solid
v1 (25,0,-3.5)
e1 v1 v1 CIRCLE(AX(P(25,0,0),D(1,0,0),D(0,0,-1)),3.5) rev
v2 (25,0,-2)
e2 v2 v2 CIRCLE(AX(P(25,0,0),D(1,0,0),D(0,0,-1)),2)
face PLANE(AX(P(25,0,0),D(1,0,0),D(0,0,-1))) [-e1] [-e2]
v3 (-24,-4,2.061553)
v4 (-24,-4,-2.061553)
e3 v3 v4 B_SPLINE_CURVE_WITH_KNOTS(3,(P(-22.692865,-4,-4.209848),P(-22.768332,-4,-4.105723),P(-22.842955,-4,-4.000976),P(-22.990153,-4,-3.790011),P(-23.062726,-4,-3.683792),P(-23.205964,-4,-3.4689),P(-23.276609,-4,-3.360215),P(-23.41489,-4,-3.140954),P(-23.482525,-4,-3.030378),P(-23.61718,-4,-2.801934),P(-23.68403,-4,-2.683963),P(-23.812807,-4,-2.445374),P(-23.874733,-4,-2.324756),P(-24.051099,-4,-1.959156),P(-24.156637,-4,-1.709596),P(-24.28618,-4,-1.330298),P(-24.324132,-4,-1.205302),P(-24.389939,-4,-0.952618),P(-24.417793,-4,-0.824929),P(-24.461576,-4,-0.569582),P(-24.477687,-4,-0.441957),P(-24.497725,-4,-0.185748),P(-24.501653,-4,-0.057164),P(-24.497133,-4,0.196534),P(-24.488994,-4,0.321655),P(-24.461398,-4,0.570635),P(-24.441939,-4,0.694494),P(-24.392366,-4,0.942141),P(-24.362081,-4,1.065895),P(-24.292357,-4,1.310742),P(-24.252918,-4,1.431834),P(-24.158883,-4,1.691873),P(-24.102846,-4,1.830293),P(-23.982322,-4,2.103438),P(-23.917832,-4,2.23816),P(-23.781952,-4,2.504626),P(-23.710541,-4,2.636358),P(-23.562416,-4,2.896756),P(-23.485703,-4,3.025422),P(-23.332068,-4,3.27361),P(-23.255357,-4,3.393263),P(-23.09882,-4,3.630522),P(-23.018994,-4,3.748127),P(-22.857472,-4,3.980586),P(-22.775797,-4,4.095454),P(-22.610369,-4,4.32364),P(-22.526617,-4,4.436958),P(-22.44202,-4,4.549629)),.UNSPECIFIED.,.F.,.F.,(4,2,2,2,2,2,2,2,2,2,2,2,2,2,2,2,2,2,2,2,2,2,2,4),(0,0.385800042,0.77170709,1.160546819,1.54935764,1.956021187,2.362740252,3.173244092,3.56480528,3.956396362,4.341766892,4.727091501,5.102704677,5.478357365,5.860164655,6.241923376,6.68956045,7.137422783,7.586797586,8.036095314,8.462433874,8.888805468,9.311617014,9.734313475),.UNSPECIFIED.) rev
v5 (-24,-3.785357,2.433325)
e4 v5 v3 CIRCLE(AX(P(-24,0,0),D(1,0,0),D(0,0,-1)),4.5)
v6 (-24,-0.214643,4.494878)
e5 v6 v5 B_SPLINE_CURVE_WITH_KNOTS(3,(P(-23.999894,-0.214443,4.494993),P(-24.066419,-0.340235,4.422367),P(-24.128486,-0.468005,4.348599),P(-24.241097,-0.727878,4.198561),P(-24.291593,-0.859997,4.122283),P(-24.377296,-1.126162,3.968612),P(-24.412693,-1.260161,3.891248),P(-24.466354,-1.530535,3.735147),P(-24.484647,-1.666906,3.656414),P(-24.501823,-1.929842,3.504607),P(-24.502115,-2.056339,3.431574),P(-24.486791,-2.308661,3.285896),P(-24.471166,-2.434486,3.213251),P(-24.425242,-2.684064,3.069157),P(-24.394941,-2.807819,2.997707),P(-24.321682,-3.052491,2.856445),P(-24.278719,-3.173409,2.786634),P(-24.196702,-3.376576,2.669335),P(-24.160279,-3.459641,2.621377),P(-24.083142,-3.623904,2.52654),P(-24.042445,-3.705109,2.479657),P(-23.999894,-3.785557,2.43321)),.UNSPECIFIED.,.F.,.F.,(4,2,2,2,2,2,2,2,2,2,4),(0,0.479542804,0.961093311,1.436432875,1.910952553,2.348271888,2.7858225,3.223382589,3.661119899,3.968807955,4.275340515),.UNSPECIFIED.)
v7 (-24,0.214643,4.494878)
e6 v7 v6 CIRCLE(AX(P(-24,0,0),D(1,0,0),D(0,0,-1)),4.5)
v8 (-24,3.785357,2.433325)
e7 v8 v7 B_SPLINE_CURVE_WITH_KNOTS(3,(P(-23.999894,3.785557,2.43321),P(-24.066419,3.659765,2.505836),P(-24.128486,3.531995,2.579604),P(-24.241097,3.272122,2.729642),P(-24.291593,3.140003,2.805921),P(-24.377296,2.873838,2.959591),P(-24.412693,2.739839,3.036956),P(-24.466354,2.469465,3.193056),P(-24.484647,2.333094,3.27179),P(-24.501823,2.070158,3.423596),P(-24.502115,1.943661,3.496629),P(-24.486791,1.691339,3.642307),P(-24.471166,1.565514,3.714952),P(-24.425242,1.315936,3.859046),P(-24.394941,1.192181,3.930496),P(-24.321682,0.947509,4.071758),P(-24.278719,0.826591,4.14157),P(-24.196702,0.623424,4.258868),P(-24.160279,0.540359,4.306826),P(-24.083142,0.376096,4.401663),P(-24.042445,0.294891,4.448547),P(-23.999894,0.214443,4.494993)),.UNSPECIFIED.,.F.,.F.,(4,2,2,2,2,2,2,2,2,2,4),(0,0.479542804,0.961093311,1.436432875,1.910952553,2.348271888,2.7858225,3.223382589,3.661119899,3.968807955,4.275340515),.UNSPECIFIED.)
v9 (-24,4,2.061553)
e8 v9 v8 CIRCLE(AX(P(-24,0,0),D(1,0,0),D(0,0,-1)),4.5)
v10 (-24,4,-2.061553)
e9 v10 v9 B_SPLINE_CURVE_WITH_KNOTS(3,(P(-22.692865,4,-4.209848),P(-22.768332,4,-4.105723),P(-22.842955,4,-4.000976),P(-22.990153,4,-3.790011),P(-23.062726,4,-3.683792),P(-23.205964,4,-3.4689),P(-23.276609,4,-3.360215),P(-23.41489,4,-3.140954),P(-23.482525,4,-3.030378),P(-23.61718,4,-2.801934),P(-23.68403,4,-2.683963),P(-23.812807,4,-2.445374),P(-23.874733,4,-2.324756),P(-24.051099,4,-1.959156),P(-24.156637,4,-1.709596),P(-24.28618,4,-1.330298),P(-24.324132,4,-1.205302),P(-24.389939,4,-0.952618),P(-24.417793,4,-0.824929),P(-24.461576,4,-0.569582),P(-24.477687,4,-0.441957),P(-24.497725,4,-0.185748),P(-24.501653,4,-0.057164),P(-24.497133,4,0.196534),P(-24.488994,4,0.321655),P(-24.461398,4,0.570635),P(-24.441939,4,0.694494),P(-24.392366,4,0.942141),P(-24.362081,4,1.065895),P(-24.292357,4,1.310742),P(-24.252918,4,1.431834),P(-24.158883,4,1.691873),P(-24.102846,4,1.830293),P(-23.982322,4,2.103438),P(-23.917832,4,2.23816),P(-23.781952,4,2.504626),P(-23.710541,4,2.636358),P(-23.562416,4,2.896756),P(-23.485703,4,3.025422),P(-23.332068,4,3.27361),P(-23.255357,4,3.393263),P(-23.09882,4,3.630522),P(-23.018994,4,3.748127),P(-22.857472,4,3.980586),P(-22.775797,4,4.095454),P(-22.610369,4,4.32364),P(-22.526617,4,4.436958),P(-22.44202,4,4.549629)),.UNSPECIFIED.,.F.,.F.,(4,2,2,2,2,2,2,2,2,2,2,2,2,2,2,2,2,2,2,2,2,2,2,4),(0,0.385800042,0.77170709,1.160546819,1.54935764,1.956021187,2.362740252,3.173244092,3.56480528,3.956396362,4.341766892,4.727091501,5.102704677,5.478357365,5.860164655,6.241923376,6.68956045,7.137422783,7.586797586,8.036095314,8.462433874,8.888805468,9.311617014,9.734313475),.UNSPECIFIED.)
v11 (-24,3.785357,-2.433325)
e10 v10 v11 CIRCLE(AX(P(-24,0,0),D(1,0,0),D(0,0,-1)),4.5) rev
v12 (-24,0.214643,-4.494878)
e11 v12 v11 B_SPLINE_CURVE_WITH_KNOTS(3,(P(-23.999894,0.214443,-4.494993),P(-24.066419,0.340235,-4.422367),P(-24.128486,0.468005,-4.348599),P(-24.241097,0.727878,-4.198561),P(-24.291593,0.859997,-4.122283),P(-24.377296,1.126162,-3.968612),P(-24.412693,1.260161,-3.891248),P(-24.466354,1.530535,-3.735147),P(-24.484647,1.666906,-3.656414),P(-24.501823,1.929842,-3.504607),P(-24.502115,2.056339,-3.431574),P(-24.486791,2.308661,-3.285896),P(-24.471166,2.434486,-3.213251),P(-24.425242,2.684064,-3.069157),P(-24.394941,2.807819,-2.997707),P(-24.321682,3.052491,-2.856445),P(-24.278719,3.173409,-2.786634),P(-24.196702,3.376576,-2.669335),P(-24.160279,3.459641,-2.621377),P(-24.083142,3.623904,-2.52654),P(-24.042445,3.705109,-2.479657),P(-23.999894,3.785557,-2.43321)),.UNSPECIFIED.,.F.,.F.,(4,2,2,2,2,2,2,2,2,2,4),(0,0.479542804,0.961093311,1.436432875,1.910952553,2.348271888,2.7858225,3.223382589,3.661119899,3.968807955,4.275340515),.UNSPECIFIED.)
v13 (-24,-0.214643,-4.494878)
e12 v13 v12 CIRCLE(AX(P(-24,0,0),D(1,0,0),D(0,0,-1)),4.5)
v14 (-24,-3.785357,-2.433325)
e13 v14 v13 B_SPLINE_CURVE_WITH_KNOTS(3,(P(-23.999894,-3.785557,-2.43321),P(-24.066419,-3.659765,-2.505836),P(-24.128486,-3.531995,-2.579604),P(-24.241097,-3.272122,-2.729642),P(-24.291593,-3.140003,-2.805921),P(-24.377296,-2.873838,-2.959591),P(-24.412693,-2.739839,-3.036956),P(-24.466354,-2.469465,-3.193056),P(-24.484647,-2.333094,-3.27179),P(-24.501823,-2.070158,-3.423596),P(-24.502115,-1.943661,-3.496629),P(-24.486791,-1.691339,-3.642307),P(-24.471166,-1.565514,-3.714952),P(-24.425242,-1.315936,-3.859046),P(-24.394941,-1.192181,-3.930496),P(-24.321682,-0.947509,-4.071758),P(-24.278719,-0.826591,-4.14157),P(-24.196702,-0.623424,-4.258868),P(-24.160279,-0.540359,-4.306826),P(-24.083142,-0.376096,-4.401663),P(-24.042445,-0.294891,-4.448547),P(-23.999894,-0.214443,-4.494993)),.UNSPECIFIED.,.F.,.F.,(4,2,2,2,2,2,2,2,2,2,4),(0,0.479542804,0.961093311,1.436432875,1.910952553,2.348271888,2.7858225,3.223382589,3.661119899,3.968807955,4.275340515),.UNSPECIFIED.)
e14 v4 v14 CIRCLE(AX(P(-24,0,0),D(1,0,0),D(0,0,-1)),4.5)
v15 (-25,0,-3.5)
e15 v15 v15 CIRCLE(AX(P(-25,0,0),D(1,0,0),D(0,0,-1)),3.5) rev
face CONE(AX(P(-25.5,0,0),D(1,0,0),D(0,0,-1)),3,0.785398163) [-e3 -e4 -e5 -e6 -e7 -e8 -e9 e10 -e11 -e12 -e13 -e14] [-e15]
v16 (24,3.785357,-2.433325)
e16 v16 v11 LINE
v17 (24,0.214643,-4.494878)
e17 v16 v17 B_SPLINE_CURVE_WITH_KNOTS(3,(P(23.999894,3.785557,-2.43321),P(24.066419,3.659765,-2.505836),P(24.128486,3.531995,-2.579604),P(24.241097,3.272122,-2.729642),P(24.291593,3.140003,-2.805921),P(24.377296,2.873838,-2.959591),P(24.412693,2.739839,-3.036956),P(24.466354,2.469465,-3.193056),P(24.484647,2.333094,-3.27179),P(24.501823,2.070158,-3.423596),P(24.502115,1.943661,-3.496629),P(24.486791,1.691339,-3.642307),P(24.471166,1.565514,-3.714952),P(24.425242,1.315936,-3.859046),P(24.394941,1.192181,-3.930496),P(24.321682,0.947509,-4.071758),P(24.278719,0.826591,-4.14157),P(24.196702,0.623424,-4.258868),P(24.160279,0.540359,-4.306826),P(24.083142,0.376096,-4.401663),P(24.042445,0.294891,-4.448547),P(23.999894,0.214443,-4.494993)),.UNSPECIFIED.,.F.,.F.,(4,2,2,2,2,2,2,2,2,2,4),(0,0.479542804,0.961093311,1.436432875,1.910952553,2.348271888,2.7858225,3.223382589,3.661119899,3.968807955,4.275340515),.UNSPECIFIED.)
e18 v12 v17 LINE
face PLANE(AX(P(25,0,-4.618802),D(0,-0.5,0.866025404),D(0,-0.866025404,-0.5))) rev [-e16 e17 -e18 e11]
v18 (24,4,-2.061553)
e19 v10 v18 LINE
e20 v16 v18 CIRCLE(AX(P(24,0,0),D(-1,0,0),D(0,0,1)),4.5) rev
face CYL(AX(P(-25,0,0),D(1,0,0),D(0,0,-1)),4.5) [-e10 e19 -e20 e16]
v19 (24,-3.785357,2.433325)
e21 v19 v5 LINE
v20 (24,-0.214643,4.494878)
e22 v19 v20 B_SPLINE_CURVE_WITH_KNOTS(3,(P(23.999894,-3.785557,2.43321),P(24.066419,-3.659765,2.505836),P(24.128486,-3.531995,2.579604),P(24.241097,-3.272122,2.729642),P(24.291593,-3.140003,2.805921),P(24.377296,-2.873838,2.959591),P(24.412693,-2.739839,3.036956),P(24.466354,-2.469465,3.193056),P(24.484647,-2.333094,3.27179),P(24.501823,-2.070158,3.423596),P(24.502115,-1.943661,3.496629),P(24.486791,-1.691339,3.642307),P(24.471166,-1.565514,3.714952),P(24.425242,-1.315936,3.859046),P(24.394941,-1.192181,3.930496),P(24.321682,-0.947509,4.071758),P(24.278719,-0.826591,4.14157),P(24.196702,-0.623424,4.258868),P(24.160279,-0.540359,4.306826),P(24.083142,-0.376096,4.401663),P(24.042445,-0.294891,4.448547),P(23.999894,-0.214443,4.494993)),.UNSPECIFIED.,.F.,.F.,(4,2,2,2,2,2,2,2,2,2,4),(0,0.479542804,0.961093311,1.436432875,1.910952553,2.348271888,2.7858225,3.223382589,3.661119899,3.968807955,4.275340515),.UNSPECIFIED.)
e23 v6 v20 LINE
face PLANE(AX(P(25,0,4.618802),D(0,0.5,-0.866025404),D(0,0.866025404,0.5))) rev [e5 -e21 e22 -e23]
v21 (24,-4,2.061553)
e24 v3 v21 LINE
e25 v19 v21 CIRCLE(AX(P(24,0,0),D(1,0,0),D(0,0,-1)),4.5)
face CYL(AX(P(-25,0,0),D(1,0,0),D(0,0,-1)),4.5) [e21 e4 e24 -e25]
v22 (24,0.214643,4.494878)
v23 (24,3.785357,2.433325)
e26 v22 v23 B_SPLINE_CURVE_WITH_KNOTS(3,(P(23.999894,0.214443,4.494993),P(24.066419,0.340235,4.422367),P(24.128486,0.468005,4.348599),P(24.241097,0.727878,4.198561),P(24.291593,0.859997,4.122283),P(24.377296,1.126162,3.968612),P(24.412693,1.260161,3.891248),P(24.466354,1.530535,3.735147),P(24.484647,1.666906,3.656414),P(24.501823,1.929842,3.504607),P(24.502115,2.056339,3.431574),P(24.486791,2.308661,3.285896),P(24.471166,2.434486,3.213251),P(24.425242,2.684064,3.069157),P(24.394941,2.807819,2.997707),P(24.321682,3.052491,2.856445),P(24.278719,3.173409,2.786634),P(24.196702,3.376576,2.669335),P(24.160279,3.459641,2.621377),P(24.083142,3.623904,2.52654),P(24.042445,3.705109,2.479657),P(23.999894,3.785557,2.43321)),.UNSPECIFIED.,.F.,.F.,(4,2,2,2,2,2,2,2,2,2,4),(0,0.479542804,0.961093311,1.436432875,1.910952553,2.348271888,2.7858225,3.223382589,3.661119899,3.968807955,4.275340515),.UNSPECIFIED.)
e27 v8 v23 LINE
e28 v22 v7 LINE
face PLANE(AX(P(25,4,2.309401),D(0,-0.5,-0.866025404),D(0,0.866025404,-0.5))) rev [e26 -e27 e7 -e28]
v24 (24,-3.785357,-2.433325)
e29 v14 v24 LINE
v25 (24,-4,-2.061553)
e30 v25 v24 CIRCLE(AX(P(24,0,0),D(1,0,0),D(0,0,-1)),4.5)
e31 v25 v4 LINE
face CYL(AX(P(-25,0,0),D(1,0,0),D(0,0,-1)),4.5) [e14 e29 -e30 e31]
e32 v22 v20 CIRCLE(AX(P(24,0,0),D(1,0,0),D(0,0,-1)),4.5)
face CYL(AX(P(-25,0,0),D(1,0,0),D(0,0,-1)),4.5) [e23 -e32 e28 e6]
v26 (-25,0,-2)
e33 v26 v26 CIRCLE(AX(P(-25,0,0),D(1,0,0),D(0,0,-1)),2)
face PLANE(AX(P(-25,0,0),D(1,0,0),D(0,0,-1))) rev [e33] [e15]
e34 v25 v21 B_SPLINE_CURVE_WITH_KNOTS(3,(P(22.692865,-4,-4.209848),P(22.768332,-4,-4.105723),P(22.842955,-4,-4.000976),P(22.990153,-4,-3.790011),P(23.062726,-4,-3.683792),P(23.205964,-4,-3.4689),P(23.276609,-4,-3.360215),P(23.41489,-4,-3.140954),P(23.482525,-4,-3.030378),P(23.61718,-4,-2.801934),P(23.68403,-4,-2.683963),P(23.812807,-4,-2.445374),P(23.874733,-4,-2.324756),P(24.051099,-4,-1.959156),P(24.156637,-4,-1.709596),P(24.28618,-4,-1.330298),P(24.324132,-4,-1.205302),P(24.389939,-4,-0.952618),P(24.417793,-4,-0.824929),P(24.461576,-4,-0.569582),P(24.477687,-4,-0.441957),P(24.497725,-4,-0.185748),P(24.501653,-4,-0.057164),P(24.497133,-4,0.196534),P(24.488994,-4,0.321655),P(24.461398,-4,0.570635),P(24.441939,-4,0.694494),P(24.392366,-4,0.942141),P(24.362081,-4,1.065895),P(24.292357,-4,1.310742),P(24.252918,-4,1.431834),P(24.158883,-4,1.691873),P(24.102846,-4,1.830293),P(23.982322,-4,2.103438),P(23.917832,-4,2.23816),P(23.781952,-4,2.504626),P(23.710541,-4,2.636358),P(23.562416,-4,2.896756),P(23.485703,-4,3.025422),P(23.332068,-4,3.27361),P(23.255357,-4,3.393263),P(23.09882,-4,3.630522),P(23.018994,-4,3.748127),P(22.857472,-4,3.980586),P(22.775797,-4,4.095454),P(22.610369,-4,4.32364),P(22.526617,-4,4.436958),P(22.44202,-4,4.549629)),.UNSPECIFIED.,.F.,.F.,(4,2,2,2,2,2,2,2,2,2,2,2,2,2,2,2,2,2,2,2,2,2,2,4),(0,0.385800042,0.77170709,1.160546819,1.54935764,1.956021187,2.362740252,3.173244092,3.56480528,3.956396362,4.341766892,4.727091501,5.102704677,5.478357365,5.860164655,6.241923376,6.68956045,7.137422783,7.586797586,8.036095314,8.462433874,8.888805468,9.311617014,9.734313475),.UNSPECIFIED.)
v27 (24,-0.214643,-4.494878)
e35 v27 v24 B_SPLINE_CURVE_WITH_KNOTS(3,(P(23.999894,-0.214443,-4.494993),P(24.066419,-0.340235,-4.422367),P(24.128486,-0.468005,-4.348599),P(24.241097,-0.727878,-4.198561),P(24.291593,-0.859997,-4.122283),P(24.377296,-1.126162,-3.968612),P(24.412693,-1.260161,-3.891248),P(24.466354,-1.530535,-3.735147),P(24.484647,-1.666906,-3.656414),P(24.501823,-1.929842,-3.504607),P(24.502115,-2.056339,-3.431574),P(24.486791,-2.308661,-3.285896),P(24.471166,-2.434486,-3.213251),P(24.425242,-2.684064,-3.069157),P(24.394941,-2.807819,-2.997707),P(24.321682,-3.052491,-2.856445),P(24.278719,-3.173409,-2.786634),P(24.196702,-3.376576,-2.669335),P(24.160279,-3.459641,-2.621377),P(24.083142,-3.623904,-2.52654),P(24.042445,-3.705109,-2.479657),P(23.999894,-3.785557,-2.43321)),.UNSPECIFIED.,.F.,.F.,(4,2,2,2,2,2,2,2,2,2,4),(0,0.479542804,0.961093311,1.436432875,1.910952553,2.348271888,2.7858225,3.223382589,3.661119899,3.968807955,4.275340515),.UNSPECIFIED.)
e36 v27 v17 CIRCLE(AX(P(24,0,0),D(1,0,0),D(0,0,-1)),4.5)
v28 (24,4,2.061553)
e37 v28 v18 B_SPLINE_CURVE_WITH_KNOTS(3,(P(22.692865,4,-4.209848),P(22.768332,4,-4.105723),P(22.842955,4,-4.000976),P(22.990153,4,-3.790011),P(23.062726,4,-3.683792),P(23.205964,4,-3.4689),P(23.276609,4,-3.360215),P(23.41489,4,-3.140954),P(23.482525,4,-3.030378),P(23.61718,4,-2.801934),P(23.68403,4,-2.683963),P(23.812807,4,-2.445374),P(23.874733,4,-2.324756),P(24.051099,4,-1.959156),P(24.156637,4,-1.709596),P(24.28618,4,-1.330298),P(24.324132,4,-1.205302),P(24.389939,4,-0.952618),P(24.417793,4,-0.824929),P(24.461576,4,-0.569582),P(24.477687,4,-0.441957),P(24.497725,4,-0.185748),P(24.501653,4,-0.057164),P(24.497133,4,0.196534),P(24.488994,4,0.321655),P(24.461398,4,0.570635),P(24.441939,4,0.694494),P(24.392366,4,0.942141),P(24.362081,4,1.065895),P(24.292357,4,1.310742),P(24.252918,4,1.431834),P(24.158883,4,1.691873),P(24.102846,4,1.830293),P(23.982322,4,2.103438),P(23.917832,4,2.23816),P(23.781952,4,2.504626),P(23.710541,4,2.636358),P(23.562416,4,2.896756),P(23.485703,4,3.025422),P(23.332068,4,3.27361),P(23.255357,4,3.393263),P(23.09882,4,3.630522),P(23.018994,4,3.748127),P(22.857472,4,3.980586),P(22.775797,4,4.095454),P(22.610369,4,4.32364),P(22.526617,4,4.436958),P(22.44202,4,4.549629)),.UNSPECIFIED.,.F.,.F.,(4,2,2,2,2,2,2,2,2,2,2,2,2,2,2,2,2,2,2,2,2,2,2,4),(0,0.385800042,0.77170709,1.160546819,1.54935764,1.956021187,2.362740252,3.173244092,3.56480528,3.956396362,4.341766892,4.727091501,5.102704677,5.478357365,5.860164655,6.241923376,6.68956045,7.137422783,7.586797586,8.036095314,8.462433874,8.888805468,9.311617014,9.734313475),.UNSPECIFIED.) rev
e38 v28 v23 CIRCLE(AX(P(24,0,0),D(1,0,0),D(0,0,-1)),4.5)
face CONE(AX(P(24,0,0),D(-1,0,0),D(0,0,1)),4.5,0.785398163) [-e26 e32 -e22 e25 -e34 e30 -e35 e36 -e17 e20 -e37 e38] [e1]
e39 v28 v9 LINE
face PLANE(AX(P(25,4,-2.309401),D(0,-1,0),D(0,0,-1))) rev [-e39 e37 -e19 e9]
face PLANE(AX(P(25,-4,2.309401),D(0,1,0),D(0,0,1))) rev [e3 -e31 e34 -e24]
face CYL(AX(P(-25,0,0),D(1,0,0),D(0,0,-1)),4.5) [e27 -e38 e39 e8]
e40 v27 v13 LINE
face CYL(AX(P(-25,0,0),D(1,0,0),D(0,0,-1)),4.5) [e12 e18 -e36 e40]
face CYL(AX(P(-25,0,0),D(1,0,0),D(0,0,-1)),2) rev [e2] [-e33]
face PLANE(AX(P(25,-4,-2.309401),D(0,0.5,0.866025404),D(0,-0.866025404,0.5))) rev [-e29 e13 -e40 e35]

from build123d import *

# Parameters (mm, degrees)
EXTRUDE_310_DEPTH          = 25
CUT_EXTRUDE_411_DEPTH      = 26.735837529
CUT_EXTRUDE_411_DEPTH_BACK = 26.735837529
SKETCH_8_R                 = 5.5
SKETCH_8_R_2               = 4.5
CUT_EXTRUDE_596_DEPTH      = 26.714781741
CUT_EXTRUDE_596_DEPTH_BACK = 26.714781741
SKETCH_9_R                 = 2


with BuildPart() as part:
    # 草图1 → Extrude 310 (new, symmetric)
    with BuildSketch(Plane(origin=(0, 0, 0), x_dir=(0, 0, -1), z_dir=(1, 0, 0))):
        Polygon((4.618802154, 0), (2.309401077, 4), (-2.309401077, 4), (-4.618802154, 0), (-2.309401077, -4), (2.309401077, -4), align=None)
    extrude(amount=EXTRUDE_310_DEPTH, both=True)

    # 草图8 → Cut-Extrude 411 (cut, two sides: drawn at the far end of the back side and taken through both)
    with BuildSketch(Plane(origin=(0, 0, 0), x_dir=(0, 0, -1), z_dir=(1, 0, 0)).offset(-CUT_EXTRUDE_411_DEPTH_BACK)):
        Circle(SKETCH_8_R)
        Circle(SKETCH_8_R_2, mode=Mode.SUBTRACT)
    extrude(amount=CUT_EXTRUDE_411_DEPTH + CUT_EXTRUDE_411_DEPTH_BACK, mode=Mode.SUBTRACT)

    # 草图9 → Cut-Extrude 596 (cut, two sides: drawn at the far end of the back side and taken through both)
    with BuildSketch(Plane(origin=(0, 0, 0), x_dir=(0, 0, -1), z_dir=(1, 0, 0)).offset(-CUT_EXTRUDE_596_DEPTH_BACK)):
        Circle(SKETCH_9_R)
    extrude(amount=CUT_EXTRUDE_596_DEPTH + CUT_EXTRUDE_596_DEPTH_BACK, mode=Mode.SUBTRACT)

    # 草图10 → Cut-Revolve 886 (revolve, cut)
    with BuildSketch(Plane.XY, mode=Mode.PRIVATE) as cut_revolve_886_sk:
        Polygon((-25.5, 4.5), (-24, 4.5), (-25.5, 3), align=None)
        Polygon((24, 4.5), (25.5, 3), (25.5, 4.5), align=None)
    revolve(cut_revolve_886_sk.sketch.rotate(Axis((25, 0, 0), (-1, 0, 0)), 267.266044451), axis=Axis((25, 0, 0), (-1, 0, 0)), mode=Mode.SUBTRACT)


solid = part.part
